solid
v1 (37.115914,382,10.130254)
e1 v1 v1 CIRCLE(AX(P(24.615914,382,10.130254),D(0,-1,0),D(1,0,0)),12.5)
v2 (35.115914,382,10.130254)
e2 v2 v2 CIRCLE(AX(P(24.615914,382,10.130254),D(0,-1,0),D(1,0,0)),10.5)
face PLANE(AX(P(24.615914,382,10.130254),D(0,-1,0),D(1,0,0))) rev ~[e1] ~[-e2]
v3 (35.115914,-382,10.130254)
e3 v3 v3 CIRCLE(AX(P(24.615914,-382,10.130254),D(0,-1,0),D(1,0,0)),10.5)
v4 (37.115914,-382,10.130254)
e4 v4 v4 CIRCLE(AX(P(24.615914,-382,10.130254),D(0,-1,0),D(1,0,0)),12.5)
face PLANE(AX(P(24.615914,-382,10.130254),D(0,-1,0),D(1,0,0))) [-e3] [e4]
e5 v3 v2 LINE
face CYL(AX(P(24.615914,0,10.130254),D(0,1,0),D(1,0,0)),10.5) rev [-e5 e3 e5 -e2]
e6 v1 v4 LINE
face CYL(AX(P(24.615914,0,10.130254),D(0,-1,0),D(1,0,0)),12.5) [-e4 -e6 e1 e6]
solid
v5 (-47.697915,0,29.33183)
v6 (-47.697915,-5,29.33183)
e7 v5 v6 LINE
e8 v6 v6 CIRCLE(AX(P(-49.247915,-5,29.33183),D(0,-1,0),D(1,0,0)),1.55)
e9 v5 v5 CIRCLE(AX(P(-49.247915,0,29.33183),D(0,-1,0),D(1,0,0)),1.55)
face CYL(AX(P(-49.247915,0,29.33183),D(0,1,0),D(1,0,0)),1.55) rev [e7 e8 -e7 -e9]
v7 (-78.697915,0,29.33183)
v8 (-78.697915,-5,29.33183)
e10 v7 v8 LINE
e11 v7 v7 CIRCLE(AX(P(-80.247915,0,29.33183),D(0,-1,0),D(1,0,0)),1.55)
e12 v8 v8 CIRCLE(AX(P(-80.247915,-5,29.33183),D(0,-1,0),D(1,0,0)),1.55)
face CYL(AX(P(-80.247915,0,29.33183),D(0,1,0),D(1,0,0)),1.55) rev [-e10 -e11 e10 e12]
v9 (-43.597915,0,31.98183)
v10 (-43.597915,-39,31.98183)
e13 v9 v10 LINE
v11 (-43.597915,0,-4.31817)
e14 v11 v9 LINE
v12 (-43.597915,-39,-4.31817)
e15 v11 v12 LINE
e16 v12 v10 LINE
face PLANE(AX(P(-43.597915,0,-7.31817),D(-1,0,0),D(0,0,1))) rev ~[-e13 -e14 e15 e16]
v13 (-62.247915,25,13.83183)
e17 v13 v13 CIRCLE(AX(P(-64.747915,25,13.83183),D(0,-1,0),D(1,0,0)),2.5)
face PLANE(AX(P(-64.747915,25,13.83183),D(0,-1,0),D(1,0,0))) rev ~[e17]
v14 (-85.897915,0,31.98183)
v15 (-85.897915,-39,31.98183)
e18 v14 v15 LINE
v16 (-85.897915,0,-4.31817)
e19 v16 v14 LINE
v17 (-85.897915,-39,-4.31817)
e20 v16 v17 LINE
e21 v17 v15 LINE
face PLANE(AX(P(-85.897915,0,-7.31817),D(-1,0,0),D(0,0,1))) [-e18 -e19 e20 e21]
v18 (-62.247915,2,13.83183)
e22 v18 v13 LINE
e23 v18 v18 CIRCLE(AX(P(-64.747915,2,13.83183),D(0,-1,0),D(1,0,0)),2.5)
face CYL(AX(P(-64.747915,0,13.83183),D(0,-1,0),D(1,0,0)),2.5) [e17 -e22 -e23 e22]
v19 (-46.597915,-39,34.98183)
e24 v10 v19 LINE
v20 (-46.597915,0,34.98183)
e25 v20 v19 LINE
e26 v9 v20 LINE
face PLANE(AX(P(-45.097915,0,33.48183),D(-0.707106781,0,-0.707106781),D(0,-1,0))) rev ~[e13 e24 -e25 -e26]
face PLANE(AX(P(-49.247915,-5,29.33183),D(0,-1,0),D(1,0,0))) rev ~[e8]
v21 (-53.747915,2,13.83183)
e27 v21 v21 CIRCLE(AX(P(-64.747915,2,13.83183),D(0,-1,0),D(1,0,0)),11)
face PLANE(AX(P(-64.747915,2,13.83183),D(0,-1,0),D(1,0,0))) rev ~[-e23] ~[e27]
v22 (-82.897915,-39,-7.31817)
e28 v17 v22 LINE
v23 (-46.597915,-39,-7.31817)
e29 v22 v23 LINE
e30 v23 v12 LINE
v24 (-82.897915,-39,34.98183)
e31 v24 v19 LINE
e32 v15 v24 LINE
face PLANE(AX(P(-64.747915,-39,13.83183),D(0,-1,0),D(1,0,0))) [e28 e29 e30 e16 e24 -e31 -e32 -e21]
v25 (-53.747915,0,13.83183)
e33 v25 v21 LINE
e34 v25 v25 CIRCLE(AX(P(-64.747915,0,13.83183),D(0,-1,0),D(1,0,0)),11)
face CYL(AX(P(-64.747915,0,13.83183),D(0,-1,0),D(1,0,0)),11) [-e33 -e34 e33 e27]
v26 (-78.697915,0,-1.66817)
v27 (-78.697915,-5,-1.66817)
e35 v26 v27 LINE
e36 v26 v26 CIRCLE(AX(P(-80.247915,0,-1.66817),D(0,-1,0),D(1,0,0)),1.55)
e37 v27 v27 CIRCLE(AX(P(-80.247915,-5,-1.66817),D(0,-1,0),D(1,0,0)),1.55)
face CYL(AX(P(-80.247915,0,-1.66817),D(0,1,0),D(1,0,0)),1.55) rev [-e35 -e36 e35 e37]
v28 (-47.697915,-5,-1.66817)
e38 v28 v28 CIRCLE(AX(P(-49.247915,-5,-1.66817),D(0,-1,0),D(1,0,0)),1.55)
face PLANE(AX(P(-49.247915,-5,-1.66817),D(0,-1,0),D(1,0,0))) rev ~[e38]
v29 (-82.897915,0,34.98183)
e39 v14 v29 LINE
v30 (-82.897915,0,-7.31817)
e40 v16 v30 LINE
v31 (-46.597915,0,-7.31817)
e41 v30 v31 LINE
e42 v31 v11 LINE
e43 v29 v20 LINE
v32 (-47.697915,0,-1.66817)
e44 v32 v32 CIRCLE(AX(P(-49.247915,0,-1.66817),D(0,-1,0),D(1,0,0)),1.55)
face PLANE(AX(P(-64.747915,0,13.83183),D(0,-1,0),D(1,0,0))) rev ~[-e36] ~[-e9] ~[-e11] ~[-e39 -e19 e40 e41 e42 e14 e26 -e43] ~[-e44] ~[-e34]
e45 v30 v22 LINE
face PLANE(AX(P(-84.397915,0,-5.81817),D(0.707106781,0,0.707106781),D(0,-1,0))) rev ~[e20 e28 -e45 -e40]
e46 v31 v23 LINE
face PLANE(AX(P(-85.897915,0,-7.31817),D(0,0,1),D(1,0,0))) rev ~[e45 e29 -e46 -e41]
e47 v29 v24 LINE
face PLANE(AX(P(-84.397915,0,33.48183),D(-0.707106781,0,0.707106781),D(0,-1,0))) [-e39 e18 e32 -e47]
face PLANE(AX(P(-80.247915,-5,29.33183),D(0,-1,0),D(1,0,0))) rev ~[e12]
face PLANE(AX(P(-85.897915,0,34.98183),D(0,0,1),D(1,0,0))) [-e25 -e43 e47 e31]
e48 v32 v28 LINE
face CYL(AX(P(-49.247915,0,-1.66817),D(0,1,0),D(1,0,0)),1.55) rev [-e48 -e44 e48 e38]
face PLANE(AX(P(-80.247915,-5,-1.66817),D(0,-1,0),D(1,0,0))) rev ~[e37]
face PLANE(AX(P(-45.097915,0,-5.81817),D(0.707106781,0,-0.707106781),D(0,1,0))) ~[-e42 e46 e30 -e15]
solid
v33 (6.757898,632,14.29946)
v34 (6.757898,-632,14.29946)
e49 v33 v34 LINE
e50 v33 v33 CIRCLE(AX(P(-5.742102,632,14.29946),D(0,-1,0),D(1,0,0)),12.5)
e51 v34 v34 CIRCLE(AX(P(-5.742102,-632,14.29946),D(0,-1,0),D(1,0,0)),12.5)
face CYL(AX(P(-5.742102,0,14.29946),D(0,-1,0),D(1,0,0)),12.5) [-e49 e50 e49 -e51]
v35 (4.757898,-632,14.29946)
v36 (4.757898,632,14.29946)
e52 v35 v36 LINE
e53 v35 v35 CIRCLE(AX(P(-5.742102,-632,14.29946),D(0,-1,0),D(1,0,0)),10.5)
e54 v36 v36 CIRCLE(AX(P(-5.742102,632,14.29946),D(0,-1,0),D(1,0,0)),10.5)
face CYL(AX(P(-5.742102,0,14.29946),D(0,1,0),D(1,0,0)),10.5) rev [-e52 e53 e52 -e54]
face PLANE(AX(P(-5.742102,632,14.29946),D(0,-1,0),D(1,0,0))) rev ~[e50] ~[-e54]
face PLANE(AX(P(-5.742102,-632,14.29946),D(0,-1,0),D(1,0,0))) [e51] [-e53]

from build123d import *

# Parameters (mm, degrees)
F0_W     = 42.3
F0_H     = 42.3
F0_R     = 1.55
F0_R_2   = 11
F0_R_3   = 2.5
F1_DEPTH = 39
F2_SIZE  = 3
F3_DEPTH = 5
F4_DEPTH = 25
F5_R     = 12.5
F5_R_2   = 10.5
F6_DEPTH = 632
F7_R     = 12.5
F7_R_2   = 10.5
F8_DEPTH = 382
F9_DEPTH = 2


with BuildPart() as f1:
    # F0 (on Front) → F1 (new body)
    with BuildSketch(Plane.XZ):
        with Locations((-64.747915, 13.83183)):
            Rectangle(F0_W, F0_H)
        with Locations((-80.247915, -1.66817)):
            Circle(F0_R, mode=Mode.SUBTRACT)
        with Locations((-49.247915, -1.66817)):
            Circle(F0_R, mode=Mode.SUBTRACT)
        with Locations((-64.747915, 13.83183)):
            Circle(F0_R_2, mode=Mode.SUBTRACT)
        with Locations((-80.247915, 29.33183)):
            Circle(F0_R, mode=Mode.SUBTRACT)
        with Locations((-49.247915, 29.33183)):
            Circle(F0_R, mode=Mode.SUBTRACT)
        with Locations((-49.247915, 29.33183)):
            Circle(F0_R)
        with Locations((-49.247915, -1.66817)):
            Circle(F0_R)
        with Locations((-80.247915, -1.66817)):
            Circle(F0_R)
        with Locations((-80.247915, 29.33183)):
            Circle(F0_R)
        with Locations((-64.747915, 13.83183)):
            Circle(F0_R_2)
        with Locations((-64.747915, 13.83183)):
            Circle(F0_R_3, mode=Mode.SUBTRACT)
        with Locations((-64.747915, 13.83183)):
            Circle(F0_R_3)
    extrude(amount=F1_DEPTH)

    # F2
    f2_edges = [f1.edges().sort_by_distance(p)[0] for p in [
        (-43.597915, -19.5, 34.98183),
        (-85.897915, -19.5, 34.98183),
        (-43.597915, -19.5, -7.31817),
        (-85.897915, -19.5, -7.31817),
    ]]
    chamfer(f2_edges, length=F2_SIZE)

    # F0 (on Front) → F3 (cut)
    with BuildSketch(Plane.XZ):
        with Locations((-49.247915, 29.33183)):
            Circle(F0_R)
        with Locations((-80.247915, 29.33183)):
            Circle(F0_R)
        with Locations((-80.247915, -1.66817)):
            Circle(F0_R)
        with Locations((-49.247915, -1.66817)):
            Circle(F0_R)
    extrude(amount=F3_DEPTH, mode=Mode.SUBTRACT)

    # F0 (on Front) → F4 (join)
    with BuildSketch(Plane.XZ):
        with Locations((-64.747915, 13.83183)):
            Circle(F0_R_3)
    extrude(amount=-F4_DEPTH)

    # F0 (on Front) → F9 (join)
    with BuildSketch(Plane.XZ):
        with Locations((-64.747915, 13.83183)):
            Circle(F0_R_2)
        with Locations((-64.747915, 13.83183)):
            Circle(F0_R_3, mode=Mode.SUBTRACT)
    extrude(amount=-F9_DEPTH)


with BuildPart() as f6:
    # F5 (on Front) → F6 (new body, symmetric)
    with BuildSketch(Plane.XZ):
        with Locations((-5.742102, 14.29946)):
            Circle(F5_R)
        with Locations((-5.742102, 14.29946)):
            Circle(F5_R_2, mode=Mode.SUBTRACT)
    extrude(amount=F6_DEPTH, both=True)


with BuildPart() as f8:
    # F7 (on Front) → F8 (new body, symmetric)
    with BuildSketch(Plane.XZ):
        with Locations((24.615914, 10.130254)):
            Circle(F7_R)
        with Locations((24.615914, 10.130254)):
            Circle(F7_R_2, mode=Mode.SUBTRACT)
    extrude(amount=F8_DEPTH, both=True)


solid = Compound([f1.part, f6.part, f8.part])
